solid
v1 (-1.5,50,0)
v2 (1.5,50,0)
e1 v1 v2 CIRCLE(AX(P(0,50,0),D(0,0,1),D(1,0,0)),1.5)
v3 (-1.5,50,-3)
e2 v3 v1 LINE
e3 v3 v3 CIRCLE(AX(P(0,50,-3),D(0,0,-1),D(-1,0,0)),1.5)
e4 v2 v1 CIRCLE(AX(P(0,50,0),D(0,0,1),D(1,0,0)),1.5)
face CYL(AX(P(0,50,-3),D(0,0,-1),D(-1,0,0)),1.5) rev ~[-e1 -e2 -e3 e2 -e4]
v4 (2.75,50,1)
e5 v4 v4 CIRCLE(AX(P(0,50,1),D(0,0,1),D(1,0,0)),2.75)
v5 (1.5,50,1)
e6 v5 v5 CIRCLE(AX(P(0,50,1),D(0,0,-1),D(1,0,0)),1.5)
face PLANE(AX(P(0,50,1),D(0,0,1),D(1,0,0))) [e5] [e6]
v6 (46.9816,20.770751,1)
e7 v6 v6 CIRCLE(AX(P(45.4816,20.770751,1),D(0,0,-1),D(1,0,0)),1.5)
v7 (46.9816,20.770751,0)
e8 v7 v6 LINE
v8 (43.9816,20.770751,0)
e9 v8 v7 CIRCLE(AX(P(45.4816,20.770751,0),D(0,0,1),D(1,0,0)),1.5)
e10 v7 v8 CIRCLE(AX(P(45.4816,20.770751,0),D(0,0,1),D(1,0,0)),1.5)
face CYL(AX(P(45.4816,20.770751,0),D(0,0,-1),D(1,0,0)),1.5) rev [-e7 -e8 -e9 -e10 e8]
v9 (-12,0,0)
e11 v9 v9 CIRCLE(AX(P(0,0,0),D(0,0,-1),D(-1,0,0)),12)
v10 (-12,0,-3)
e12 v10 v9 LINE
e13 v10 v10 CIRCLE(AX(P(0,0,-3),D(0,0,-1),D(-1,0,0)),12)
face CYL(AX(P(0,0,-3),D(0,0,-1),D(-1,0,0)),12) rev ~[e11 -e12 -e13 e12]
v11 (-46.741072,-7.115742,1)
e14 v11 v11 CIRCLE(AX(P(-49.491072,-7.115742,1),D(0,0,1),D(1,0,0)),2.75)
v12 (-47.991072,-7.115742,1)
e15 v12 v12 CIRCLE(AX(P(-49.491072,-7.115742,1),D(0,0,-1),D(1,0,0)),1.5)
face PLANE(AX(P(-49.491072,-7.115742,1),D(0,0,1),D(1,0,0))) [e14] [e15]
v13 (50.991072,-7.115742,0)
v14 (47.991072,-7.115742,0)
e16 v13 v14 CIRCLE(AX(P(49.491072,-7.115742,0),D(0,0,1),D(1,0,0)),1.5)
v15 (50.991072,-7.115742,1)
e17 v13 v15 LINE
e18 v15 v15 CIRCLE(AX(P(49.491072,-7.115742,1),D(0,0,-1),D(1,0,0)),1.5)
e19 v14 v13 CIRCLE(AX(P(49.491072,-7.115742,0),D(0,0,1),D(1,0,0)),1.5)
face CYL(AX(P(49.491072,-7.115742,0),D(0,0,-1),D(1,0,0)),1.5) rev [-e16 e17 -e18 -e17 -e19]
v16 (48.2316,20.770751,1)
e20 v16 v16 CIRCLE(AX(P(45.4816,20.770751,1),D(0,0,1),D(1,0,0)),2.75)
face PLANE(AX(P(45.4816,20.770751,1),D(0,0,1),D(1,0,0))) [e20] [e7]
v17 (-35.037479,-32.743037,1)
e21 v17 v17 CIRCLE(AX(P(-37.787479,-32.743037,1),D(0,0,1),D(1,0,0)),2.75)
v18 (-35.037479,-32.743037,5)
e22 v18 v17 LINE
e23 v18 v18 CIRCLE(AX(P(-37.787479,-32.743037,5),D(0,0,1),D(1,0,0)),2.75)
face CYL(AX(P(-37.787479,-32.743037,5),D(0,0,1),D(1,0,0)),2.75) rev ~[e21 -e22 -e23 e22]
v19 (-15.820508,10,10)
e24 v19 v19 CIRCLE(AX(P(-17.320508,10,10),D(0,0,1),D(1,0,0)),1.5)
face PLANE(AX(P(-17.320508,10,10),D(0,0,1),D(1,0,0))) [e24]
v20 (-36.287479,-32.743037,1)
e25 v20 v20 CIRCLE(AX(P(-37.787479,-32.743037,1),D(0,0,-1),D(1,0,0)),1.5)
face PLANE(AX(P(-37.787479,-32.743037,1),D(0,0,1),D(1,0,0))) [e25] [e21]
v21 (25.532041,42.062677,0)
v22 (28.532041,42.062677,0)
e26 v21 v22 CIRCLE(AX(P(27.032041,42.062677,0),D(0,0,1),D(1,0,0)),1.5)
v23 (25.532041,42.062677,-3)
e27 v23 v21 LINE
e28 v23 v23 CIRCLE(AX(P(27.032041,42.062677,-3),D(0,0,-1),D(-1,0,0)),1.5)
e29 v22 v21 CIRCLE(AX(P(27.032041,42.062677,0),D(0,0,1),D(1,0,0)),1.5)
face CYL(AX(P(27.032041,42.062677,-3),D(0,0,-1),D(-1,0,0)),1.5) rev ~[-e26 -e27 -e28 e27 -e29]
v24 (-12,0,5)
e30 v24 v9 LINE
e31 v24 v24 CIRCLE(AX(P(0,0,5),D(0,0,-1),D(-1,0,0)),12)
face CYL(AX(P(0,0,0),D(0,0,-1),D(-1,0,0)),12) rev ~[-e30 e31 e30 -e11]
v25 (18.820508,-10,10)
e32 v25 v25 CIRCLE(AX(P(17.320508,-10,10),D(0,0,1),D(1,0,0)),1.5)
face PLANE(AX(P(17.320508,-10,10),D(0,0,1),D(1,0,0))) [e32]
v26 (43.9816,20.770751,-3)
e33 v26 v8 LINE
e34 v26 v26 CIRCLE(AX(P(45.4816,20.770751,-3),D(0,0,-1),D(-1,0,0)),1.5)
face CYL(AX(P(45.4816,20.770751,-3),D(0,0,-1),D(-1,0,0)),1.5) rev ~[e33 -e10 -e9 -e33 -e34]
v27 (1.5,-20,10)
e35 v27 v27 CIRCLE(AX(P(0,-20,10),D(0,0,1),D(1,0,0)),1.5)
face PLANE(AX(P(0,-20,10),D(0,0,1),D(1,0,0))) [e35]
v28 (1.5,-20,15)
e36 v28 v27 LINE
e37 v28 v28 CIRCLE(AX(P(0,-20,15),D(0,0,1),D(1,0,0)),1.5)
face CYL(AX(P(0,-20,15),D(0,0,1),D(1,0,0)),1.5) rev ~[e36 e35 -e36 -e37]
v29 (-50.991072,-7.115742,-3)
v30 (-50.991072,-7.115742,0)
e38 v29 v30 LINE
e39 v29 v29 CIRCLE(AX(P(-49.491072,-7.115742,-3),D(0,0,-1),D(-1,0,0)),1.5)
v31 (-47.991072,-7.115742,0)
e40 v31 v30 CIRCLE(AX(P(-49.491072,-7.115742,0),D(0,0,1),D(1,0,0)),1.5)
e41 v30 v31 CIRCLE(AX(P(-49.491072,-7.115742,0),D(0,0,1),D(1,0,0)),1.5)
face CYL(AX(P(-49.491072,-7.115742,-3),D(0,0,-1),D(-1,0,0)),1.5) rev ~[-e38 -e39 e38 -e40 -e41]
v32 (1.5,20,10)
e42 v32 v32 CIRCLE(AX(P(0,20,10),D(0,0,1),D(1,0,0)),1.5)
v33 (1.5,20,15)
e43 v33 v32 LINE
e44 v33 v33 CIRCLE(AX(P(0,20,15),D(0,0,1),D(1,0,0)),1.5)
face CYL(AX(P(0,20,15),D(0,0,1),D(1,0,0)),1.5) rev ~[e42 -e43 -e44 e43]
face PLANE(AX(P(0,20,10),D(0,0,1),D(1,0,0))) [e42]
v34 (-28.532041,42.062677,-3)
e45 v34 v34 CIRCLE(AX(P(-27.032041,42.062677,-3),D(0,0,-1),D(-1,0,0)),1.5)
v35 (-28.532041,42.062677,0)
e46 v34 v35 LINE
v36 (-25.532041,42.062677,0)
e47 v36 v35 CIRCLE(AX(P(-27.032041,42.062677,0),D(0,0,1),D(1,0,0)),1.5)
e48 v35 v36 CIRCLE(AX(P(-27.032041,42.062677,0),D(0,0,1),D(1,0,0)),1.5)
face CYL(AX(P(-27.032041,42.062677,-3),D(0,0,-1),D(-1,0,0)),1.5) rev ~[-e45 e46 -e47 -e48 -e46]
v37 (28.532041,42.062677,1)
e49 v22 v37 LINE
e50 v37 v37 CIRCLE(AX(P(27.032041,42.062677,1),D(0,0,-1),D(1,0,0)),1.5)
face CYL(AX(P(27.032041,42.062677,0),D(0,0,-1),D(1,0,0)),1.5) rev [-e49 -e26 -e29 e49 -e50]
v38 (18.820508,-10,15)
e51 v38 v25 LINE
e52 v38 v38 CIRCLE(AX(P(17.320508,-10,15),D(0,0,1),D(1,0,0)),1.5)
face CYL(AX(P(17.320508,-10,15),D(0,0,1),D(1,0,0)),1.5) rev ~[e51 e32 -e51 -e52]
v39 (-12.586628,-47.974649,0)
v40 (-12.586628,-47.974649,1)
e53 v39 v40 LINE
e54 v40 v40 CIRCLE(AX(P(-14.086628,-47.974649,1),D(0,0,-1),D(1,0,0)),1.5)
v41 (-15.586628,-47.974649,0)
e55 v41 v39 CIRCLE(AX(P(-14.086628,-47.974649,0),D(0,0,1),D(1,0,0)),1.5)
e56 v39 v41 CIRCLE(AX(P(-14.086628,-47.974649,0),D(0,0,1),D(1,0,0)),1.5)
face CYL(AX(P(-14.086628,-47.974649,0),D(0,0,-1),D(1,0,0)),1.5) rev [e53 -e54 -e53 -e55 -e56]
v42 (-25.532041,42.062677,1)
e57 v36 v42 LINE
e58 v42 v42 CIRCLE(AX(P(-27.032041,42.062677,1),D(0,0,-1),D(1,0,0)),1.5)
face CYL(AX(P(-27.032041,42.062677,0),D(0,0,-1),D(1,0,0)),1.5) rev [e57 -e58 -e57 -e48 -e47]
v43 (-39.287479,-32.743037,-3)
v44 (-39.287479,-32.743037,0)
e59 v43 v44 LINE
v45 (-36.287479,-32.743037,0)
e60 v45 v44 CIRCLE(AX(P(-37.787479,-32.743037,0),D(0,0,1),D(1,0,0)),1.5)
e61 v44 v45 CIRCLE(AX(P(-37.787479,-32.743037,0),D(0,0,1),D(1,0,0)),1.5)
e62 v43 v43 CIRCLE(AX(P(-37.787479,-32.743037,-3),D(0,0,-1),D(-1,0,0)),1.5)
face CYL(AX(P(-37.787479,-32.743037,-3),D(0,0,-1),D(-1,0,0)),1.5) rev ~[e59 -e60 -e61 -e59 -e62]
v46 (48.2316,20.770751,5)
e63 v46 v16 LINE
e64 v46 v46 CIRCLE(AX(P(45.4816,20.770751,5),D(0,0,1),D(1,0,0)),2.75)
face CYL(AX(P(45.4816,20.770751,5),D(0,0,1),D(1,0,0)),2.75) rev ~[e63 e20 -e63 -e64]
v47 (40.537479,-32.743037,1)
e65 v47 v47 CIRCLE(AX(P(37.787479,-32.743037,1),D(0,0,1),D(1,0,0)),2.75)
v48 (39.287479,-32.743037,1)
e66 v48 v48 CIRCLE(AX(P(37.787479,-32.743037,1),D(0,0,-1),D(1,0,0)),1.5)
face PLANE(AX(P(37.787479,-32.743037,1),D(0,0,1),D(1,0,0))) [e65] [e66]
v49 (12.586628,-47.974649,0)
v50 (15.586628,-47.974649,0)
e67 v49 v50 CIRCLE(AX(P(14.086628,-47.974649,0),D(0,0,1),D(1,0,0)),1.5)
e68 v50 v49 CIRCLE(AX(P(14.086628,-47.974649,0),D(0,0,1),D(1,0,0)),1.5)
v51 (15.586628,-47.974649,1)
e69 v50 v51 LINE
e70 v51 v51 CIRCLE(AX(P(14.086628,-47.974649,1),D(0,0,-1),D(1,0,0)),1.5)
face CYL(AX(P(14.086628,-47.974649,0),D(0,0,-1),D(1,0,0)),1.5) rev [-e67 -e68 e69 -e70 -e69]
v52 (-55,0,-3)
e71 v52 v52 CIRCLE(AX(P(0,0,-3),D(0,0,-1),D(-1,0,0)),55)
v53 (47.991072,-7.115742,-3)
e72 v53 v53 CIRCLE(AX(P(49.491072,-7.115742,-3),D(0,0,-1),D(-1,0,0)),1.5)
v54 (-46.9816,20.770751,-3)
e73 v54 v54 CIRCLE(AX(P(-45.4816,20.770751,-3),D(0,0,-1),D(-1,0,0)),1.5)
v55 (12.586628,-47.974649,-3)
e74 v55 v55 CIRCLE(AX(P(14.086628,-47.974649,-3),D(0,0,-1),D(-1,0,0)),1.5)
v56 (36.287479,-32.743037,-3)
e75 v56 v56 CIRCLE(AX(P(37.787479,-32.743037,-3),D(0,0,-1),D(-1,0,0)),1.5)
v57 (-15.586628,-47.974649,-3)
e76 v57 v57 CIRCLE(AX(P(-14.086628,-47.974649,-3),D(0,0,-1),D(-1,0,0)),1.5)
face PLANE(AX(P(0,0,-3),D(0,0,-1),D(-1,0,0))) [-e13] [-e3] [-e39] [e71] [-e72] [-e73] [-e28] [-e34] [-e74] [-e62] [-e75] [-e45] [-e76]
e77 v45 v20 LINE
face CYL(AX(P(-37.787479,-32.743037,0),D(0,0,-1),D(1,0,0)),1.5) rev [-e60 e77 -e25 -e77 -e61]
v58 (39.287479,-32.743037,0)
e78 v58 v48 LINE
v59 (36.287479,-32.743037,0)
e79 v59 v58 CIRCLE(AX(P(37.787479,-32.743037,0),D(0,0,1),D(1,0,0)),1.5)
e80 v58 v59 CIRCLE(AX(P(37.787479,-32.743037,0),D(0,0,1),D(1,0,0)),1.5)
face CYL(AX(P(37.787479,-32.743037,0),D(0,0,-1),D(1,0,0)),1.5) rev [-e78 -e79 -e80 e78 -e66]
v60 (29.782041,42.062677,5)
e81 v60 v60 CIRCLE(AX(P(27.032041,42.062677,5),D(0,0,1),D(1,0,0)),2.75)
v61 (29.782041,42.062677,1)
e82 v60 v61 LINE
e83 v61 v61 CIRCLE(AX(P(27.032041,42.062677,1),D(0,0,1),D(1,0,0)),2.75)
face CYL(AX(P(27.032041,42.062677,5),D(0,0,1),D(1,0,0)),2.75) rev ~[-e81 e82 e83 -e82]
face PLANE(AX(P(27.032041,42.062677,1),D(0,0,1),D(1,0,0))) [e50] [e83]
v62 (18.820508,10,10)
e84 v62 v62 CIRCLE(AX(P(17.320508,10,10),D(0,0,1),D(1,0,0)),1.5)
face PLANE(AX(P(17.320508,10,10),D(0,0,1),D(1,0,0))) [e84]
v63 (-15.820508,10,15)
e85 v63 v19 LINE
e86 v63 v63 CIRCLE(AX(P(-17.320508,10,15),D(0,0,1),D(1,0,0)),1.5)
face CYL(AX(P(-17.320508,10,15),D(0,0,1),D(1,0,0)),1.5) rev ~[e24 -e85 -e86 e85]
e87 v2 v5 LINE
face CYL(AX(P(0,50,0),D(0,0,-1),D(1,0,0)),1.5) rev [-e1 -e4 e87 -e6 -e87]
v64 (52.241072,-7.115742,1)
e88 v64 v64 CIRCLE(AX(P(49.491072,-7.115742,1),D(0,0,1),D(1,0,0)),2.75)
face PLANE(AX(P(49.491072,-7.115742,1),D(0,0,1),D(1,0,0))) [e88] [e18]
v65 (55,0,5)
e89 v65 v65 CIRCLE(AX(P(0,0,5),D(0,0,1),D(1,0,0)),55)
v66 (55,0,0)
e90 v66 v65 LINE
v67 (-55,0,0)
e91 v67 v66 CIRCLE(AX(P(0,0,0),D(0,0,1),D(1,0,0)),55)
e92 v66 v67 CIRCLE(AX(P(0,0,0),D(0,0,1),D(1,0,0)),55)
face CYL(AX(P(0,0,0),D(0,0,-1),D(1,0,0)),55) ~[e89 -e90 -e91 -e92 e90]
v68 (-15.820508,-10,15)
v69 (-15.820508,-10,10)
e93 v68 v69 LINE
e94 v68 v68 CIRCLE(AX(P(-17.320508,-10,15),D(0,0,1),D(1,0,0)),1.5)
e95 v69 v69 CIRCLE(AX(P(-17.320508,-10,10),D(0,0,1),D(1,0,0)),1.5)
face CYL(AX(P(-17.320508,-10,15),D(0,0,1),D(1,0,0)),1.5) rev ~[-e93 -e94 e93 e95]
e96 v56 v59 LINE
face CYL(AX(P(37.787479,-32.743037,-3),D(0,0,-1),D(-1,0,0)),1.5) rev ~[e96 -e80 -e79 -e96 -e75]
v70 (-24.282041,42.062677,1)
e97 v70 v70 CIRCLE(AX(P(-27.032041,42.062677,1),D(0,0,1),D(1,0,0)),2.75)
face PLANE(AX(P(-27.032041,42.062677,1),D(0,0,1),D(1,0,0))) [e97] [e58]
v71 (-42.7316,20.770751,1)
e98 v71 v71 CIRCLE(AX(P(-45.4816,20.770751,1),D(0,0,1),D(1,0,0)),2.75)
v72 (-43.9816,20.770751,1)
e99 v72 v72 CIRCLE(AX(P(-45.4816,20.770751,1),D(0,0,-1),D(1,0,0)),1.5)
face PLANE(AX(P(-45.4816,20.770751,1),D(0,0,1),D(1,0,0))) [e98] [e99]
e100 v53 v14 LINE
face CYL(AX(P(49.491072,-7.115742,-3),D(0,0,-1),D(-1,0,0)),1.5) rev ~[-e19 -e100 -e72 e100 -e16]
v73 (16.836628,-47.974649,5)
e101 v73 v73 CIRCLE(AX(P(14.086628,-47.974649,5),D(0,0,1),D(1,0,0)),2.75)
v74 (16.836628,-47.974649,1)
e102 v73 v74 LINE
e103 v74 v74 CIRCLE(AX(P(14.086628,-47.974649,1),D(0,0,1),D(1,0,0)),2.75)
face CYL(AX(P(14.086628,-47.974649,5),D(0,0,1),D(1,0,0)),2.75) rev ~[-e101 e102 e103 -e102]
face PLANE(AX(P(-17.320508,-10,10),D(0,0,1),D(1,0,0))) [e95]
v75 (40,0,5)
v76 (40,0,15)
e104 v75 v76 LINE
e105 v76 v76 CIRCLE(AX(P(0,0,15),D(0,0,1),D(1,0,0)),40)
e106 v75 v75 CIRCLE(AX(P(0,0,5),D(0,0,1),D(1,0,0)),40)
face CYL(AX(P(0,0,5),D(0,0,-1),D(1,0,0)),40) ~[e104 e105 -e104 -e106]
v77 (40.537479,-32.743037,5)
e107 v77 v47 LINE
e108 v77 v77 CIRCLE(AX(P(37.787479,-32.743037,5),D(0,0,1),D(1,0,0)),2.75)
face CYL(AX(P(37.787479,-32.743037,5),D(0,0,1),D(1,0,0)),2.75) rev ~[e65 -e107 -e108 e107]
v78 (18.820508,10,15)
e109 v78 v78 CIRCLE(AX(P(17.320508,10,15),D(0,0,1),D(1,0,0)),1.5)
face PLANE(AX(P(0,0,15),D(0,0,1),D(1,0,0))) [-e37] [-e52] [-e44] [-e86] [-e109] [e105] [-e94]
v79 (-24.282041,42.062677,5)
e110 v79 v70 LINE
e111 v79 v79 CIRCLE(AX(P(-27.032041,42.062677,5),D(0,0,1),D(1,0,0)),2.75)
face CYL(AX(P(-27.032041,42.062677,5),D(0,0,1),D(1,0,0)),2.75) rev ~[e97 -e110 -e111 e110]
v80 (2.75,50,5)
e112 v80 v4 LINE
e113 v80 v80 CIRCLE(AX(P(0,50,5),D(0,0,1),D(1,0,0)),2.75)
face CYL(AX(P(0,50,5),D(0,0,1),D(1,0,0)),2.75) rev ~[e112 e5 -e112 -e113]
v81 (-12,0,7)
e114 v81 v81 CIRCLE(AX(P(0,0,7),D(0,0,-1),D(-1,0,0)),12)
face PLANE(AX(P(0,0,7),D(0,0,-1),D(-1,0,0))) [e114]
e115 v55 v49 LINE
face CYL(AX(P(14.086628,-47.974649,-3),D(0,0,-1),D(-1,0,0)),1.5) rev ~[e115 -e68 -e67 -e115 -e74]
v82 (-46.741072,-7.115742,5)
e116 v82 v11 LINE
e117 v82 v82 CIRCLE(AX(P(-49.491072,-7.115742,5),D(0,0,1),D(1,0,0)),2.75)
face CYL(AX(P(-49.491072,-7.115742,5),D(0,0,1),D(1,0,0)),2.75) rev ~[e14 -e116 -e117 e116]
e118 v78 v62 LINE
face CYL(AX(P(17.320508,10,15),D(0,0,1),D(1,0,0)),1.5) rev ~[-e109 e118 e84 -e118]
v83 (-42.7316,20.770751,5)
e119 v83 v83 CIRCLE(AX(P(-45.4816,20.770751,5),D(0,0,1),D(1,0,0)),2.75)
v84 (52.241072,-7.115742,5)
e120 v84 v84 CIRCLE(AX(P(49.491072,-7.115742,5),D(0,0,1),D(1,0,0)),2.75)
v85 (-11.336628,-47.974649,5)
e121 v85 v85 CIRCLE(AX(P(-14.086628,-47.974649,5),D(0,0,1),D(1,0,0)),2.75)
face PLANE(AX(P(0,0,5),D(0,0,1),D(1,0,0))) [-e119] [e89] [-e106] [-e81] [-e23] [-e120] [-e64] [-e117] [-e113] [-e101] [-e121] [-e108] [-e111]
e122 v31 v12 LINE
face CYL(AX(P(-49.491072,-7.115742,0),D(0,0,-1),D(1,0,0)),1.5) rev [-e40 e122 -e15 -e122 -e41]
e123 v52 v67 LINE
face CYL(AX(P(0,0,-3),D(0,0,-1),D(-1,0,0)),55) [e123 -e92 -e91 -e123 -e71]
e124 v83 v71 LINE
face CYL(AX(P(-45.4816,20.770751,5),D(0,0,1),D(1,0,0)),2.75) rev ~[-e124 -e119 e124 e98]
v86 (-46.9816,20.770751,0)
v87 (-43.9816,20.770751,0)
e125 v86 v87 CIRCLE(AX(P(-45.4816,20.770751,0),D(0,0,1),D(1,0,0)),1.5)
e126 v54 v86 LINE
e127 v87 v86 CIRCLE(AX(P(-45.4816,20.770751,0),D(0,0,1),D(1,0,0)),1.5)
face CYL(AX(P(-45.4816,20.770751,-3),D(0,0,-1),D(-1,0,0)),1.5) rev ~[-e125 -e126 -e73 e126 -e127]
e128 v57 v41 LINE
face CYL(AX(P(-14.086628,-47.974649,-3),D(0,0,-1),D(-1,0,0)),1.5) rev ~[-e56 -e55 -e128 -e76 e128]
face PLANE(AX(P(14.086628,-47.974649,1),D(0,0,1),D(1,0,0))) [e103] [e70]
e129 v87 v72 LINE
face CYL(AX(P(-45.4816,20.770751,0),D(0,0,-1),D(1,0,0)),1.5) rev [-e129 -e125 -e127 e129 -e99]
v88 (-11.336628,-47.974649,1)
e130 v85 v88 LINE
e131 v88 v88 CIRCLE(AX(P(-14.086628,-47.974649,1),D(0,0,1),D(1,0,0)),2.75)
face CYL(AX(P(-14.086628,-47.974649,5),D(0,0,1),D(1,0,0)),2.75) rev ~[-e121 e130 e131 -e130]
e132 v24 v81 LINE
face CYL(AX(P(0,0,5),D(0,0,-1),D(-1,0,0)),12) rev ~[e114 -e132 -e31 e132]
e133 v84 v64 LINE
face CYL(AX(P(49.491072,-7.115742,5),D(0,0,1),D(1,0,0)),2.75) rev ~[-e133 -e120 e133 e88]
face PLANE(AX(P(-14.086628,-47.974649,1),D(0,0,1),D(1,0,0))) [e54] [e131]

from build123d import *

# Parameters (mm, degrees)
SKETCH1_R           = 55
SKETCH1_R_2         = 1.5
BOSS_EXTRUDE1_DEPTH = 15
CUT_EXTRUDE2_START  = -10
SKETCH3_R           = 55
SKETCH3_R_2         = 17.5
CUT_EXTRUDE2_DEPTH  = 10
SKETCH7_R           = 12
CUT_EXTRUDE4_DEPTH  = 8
SKETCH8_R           = 37.5
BOSS_EXTRUDE2_DEPTH = 10
SKETCH9_R           = 12
CUT_EXTRUDE5_DEPTH  = 7
BOSS_EXTRUDE3_START = 3
SKETCH12_R          = 55
SKETCH12_R_2        = 12
SKETCH12_R_3        = 1.5
BOSS_EXTRUDE3_DEPTH = 3
SKETCH13_R          = 2.75
CUT_EXTRUDE7_DEPTH  = 4
SKETCH16_R          = 40
BOSS_EXTRUDE5_DEPTH = 10
SKETCH17_R          = 12
CUT_EXTRUDE8_DEPTH  = 2
SKETCH18_R          = 1.5
CUT_EXTRUDE9_DEPTH  = 5


with BuildPart() as part:
    # Sketch1 → Boss-Extrude1 (new body)
    with BuildSketch(Plane.XY):
        Circle(SKETCH1_R)
        with Locations((0, 50)):
            Circle(SKETCH1_R_2, mode=Mode.SUBTRACT)
        with Locations((27.032040873, 42.062676642)):
            Circle(SKETCH1_R_2, mode=Mode.SUBTRACT)
        with Locations((45.481599768, 20.77075065)):
            Circle(SKETCH1_R_2, mode=Mode.SUBTRACT)
        with Locations((49.491072094, -7.115741914)):
            Circle(SKETCH1_R_2, mode=Mode.SUBTRACT)
        with Locations((37.787478718, -32.743036697)):
            Circle(SKETCH1_R_2, mode=Mode.SUBTRACT)
        with Locations((14.086627842, -47.974648681)):
            Circle(SKETCH1_R_2, mode=Mode.SUBTRACT)
        with Locations((-14.086627842, -47.974648681)):
            Circle(SKETCH1_R_2, mode=Mode.SUBTRACT)
        with Locations((-37.787478718, -32.743036697)):
            Circle(SKETCH1_R_2, mode=Mode.SUBTRACT)
        with Locations((-49.491072094, -7.115741914)):
            Circle(SKETCH1_R_2, mode=Mode.SUBTRACT)
        with Locations((-45.481599768, 20.77075065)):
            Circle(SKETCH1_R_2, mode=Mode.SUBTRACT)
        with Locations((-27.032040873, 42.062676642)):
            Circle(SKETCH1_R_2, mode=Mode.SUBTRACT)
    extrude(amount=BOSS_EXTRUDE1_DEPTH)

    # Sketch3 → Cut-Extrude2 (cut)
    with BuildSketch(Plane.XY.offset(15).offset(CUT_EXTRUDE2_START)):
        Circle(SKETCH3_R)
        Circle(SKETCH3_R_2, mode=Mode.SUBTRACT)
    extrude(amount=CUT_EXTRUDE2_DEPTH, mode=Mode.SUBTRACT)

    # Sketch7 → Cut-Extrude4 (cut)
    with BuildSketch(Plane(origin=(0, 0, 0), x_dir=(-1, 0, 0), z_dir=(0, 0, -1))):
        Circle(SKETCH7_R)
    extrude(amount=-CUT_EXTRUDE4_DEPTH, mode=Mode.SUBTRACT)

    # Sketch8 → Boss-Extrude2 (add)
    with BuildSketch(Plane.XY.offset(5)):
        Circle(SKETCH8_R)
    extrude(amount=BOSS_EXTRUDE2_DEPTH)

    # Sketch9 → Cut-Extrude5 (cut)
    with BuildSketch(Plane(origin=(0, 0, 0), x_dir=(-1, 0, 0), z_dir=(0, 0, -1))):
        Circle(SKETCH9_R)
    extrude(amount=-CUT_EXTRUDE5_DEPTH, mode=Mode.SUBTRACT)

    # Sketch12 → Boss-Extrude3 (add)
    with BuildSketch(Plane(origin=(0, 0, 0), x_dir=(-1, 0, 0), z_dir=(0, 0, -1)).offset(BOSS_EXTRUDE3_START)):
        Circle(SKETCH12_R)
        Circle(SKETCH12_R_2, mode=Mode.SUBTRACT)
        with Locations((0, 50)):
            Circle(SKETCH12_R_3, mode=Mode.SUBTRACT)
        with Locations((27.032040873, 42.062676642)):
            Circle(SKETCH12_R_3, mode=Mode.SUBTRACT)
        with Locations((45.481599768, 20.77075065)):
            Circle(SKETCH12_R_3, mode=Mode.SUBTRACT)
        with Locations((49.491072094, -7.115741914)):
            Circle(SKETCH12_R_3, mode=Mode.SUBTRACT)
        with Locations((37.787478718, -32.743036697)):
            Circle(SKETCH12_R_3, mode=Mode.SUBTRACT)
        with Locations((14.086627842, -47.974648681)):
            Circle(SKETCH12_R_3, mode=Mode.SUBTRACT)
        with Locations((-14.086627842, -47.974648681)):
            Circle(SKETCH12_R_3, mode=Mode.SUBTRACT)
        with Locations((-37.787478718, -32.743036697)):
            Circle(SKETCH12_R_3, mode=Mode.SUBTRACT)
        with Locations((-49.491072094, -7.115741914)):
            Circle(SKETCH12_R_3, mode=Mode.SUBTRACT)
        with Locations((-45.481599768, 20.77075065)):
            Circle(SKETCH12_R_3, mode=Mode.SUBTRACT)
        with Locations((-27.032040873, 42.062676642)):
            Circle(SKETCH12_R_3, mode=Mode.SUBTRACT)
    extrude(amount=-BOSS_EXTRUDE3_DEPTH)

    # Sketch13 → Cut-Extrude7 (cut)
    with BuildSketch(Plane.XY.offset(5)):
        with Locations((0, 50)):
            Circle(SKETCH13_R)
        with Locations((27.032040873, 42.062676642)):
            Circle(SKETCH13_R)
        with Locations((45.481599768, 20.77075065)):
            Circle(SKETCH13_R)
        with Locations((49.491072094, -7.115741914)):
            Circle(SKETCH13_R)
        with Locations((37.787478718, -32.743036697)):
            Circle(SKETCH13_R)
        with Locations((14.086627842, -47.974648681)):
            Circle(SKETCH13_R)
        with Locations((-14.086627842, -47.974648681)):
            Circle(SKETCH13_R)
        with Locations((-37.787478718, -32.743036697)):
            Circle(SKETCH13_R)
        with Locations((-49.491072094, -7.115741914)):
            Circle(SKETCH13_R)
        with Locations((-45.481599768, 20.77075065)):
            Circle(SKETCH13_R)
        with Locations((-27.032040873, 42.062676642)):
            Circle(SKETCH13_R)
    extrude(amount=-CUT_EXTRUDE7_DEPTH, mode=Mode.SUBTRACT)

    # Sketch16 → Boss-Extrude5 (add)
    with BuildSketch(Plane.XY.offset(5)):
        Circle(SKETCH16_R)
    extrude(amount=BOSS_EXTRUDE5_DEPTH)

    # Sketch17 → Cut-Extrude8 (cut)
    with BuildSketch(Plane(origin=(0, 0, 5), x_dir=(-1, 0, 0), z_dir=(0, 0, -1))):
        Circle(SKETCH17_R)
    extrude(amount=-CUT_EXTRUDE8_DEPTH, mode=Mode.SUBTRACT)

    # Sketch18 → Cut-Extrude9 (cut)
    with BuildSketch(Plane.XY.offset(15)):
        with Locations((0, 20)):
            Circle(SKETCH18_R)
        with Locations((17.320508076, 10)):
            Circle(SKETCH18_R)
        with Locations((17.320508076, -10)):
            Circle(SKETCH18_R)
        with Locations((0, -20)):
            Circle(SKETCH18_R)
        with Locations((-17.320508076, -10)):
            Circle(SKETCH18_R)
        with Locations((-17.320508076, 10)):
            Circle(SKETCH18_R)
    extrude(amount=-CUT_EXTRUDE9_DEPTH, mode=Mode.SUBTRACT)


solid = part.part
